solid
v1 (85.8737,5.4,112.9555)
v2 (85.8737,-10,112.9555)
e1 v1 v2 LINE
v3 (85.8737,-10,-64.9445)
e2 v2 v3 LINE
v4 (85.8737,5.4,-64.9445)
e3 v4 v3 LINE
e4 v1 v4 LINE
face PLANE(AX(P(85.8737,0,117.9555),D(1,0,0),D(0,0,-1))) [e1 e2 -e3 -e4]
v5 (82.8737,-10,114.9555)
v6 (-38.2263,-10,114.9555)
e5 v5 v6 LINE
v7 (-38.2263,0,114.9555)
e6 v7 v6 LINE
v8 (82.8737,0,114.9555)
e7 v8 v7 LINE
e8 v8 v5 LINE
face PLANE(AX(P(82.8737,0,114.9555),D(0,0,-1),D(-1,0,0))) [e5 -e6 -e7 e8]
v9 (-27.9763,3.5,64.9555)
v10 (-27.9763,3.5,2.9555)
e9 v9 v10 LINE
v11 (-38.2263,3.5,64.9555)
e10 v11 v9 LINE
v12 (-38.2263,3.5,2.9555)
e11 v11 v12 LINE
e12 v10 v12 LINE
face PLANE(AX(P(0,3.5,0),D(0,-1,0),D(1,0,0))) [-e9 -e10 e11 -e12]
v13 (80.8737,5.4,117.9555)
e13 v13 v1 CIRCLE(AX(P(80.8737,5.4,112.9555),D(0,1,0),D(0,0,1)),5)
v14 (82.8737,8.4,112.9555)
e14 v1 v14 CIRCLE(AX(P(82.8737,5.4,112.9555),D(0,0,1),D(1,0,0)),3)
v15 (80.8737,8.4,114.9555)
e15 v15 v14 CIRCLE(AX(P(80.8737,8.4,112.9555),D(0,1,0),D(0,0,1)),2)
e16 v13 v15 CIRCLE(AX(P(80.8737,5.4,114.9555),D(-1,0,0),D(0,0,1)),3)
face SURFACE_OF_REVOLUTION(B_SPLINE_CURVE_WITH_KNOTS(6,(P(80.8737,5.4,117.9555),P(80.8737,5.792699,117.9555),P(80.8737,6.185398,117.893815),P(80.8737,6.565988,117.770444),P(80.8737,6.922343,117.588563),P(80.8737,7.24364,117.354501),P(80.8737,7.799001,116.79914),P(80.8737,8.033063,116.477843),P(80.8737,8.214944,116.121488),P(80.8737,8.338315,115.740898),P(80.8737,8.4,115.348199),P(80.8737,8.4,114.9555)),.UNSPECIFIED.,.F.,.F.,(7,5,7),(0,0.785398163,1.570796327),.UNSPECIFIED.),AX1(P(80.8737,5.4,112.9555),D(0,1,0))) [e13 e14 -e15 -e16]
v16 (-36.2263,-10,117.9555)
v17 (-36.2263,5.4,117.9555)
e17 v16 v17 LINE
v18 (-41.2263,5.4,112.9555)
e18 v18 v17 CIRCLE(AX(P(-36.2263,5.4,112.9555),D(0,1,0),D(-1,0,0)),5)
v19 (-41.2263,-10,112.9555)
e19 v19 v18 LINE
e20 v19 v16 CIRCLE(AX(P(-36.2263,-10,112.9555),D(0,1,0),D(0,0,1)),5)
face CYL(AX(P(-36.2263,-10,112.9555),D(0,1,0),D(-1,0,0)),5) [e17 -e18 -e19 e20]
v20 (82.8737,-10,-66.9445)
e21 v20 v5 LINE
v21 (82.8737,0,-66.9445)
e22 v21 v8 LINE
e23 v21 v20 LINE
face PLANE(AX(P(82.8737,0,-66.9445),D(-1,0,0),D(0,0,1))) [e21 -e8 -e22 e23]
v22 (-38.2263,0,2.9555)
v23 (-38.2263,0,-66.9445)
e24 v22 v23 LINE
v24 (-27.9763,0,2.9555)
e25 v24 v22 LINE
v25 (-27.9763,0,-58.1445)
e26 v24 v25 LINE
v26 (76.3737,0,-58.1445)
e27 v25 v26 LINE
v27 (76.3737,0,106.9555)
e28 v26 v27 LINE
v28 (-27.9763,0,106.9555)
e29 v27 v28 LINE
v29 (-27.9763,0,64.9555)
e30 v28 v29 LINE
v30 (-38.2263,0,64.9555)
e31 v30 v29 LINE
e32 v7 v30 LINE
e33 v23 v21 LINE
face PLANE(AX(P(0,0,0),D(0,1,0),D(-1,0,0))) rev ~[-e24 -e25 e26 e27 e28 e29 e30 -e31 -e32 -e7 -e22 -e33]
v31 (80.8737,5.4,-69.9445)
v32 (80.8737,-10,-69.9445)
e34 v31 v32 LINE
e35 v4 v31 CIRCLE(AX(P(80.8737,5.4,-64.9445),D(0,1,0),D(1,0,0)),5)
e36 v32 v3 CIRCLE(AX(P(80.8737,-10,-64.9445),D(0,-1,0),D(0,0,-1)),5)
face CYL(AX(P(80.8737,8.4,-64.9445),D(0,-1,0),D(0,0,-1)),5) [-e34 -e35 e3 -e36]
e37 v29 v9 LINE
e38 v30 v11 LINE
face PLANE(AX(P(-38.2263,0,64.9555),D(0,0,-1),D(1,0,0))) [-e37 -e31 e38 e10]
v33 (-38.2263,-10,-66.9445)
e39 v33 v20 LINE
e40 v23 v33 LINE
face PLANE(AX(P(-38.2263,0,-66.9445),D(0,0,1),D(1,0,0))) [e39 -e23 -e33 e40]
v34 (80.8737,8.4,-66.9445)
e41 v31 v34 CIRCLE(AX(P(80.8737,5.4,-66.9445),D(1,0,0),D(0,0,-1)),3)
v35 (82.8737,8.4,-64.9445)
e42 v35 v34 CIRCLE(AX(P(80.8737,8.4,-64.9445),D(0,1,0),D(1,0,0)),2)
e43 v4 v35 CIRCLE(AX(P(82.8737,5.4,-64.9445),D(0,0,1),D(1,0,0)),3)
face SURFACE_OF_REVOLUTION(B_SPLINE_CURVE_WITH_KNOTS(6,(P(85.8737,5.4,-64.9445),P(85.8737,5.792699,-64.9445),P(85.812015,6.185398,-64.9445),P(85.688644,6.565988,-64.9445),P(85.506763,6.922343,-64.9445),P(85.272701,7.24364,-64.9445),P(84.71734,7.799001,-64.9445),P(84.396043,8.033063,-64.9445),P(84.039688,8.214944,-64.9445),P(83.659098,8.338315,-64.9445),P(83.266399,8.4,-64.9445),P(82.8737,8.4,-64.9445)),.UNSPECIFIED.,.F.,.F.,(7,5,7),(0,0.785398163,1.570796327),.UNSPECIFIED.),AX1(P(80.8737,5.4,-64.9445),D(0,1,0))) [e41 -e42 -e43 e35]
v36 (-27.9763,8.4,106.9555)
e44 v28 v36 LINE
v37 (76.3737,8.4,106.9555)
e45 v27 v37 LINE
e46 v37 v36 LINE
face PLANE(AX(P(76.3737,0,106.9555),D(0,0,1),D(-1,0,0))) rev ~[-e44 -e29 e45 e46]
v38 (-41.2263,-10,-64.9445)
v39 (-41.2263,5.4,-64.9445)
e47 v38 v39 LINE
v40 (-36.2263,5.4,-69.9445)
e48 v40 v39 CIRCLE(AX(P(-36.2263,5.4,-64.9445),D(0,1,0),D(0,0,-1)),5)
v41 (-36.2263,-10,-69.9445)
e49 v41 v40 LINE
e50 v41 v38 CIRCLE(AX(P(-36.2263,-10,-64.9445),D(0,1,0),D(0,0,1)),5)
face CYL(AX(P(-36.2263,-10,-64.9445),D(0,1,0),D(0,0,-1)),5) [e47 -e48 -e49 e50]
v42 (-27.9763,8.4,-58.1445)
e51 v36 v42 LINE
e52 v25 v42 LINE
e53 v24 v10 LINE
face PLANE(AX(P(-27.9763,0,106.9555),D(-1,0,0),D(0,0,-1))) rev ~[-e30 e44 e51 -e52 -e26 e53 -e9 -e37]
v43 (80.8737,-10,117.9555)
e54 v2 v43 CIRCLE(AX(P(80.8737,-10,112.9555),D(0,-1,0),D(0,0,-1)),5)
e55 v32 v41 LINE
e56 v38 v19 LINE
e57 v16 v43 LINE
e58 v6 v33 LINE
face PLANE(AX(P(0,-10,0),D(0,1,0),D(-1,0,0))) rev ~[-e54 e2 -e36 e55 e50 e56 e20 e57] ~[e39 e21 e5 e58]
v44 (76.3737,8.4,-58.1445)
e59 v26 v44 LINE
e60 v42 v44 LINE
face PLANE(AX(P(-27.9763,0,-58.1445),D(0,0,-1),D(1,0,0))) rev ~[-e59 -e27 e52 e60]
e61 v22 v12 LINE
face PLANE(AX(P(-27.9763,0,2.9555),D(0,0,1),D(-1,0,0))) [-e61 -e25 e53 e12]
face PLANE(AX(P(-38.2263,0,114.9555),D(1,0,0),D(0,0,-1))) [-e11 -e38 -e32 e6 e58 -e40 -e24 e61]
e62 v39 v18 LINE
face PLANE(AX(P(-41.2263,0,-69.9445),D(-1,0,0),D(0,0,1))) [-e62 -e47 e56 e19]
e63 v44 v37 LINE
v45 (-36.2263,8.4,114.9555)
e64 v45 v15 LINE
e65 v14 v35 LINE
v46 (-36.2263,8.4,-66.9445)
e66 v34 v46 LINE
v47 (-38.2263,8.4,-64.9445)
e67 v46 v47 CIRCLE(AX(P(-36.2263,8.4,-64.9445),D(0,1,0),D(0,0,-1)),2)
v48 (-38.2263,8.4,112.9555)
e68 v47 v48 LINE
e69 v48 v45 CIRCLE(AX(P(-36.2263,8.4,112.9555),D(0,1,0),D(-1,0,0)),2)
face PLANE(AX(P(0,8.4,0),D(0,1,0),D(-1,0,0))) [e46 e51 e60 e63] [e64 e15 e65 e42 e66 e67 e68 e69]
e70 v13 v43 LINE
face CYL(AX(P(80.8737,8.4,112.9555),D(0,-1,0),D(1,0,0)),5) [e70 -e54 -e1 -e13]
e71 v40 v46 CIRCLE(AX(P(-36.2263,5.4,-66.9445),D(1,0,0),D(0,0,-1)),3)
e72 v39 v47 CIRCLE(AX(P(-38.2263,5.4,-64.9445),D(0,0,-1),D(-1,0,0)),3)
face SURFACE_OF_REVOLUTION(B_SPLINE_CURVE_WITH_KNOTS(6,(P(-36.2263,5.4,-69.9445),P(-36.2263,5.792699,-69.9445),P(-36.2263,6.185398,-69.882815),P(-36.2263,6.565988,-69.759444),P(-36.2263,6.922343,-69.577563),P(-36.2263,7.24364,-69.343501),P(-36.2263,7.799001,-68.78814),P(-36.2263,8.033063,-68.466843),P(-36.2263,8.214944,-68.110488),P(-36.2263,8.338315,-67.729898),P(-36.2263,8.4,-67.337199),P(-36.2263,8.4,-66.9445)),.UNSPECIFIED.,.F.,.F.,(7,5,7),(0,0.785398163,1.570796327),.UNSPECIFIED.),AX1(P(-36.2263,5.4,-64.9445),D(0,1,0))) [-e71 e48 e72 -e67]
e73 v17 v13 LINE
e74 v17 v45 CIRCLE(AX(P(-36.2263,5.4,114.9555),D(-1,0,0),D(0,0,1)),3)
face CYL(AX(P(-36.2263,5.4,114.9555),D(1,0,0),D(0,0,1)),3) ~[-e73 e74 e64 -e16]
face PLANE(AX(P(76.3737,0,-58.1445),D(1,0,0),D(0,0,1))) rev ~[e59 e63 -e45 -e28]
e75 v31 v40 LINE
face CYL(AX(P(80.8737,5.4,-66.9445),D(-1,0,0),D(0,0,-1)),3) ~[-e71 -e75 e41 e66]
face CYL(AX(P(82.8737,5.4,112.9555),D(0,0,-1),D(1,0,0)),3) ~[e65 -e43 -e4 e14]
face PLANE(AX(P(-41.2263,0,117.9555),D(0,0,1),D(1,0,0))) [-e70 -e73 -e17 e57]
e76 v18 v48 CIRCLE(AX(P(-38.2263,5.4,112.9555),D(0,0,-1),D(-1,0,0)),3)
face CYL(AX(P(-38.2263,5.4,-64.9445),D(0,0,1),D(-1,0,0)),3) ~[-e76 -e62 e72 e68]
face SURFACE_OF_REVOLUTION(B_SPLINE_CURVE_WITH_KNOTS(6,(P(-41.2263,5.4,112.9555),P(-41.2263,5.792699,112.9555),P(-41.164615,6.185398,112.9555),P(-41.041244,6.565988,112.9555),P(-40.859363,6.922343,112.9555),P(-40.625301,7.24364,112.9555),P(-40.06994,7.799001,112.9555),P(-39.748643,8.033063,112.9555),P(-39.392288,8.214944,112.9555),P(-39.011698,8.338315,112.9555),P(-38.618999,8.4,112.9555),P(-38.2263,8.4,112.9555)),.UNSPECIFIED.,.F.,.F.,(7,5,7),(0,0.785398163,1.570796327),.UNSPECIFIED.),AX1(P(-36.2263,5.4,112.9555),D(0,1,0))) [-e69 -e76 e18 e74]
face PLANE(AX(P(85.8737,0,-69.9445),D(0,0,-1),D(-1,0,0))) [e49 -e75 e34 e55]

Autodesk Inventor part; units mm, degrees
ref_plane "YZ Plane" through (0, 0, 0) normal (1, 0, 0) x (0, 1, 0)
ref_plane "XZ Plane" through (0, 0, 0) normal (0, 1, 0) x (-1, 0, 0)
ref_plane "XY Plane" through (0, 0, 0) normal (0, 0, 1) x (1, 0, 0)
sketch "Sketch1" plane through (0, 0, 0) normal (0, 1, 0) x (-1, 0, 0)
  line L0 (-76.3737, 106.9555) -> (27.9763, 106.9555)
  line L1 (27.9763, 106.9555) -> (27.9763, -58.1445)
  line L2 (27.9763, -58.1445) -> (-76.3737, -58.1445)
  line L3 (-76.3737, -58.1445) -> (-76.3737, 106.9555)
  line L4 (-76.3737, 106.9555) -> (27.9763, -58.1445) construction
  line L5 (27.9763, 106.9555) -> (-76.3737, -58.1445) construction
  line L6 (38.2263, 114.9555) -> (38.2263, -66.9445)
  line L7 (38.2263, -66.9445) -> (-82.8737, -66.9445)
  line L8 (-82.8737, -66.9445) -> (-82.8737, 114.9555)
  line L9 (-82.8737, 114.9555) -> (38.2263, 114.9555)
  line L10 (41.2263, -69.9445) -> (41.2263, 117.9555)
  line L11 (41.2263, 117.9555) -> (-85.8737, 117.9555)
  line L12 (-85.8737, 117.9555) -> (-85.8737, -69.9445)
  line L13 (-85.8737, -69.9445) -> (41.2263, -69.9445)
  point P0 (-24.1987, 24.4055)
  dimension "d17" = 104.35
  dimension "d18" = 165.1
  dimension "d19" = 8.8
  dimension "d20" = 6.5
  dimension "d21" = 8
  dimension "d22" = 10.25
  dimension "d23" = 3
extrude "Extrusion1" add sketch "Sketch1" along normal blind 8.4 contours L6 L7 L8 L9 | L13 L12 L11 L10
extrude "Extrusion3" add sketch "Sketch1" against normal blind 10 contours L13 L12 L11 L10
fillet "Fillet3" radius 5 4 edges at (-41.2263, -0.8, 117.9555) (-41.2263, -0.8, -69.9445) (85.8737, -0.8, 117.9555) (85.8737, -0.8, -69.9445)
fillet "Fillet4" radius 3 8 edges at (22.3237, 8.4, -69.9445) (-39.7619, 8.4, -68.48) (-41.2263, 8.4, 24.0055) (-39.7619, 8.4, 116.491) (22.3237, 8.4, 117.9555) (84.4092, 8.4, 116.491) (85.8737, 8.4, 24.0055) (84.4092, 8.4, -68.48)
sketch "Sketch4" plane through (0, 0, 0) normal (0, -1, 0) x (1, 0, 0)
  line L0 (-38.2263, 112.9555) -> (-38.2263, -64.9445) projected
  line L1 (-27.9763, 106.9555) -> (-27.9763, -58.1445) projected
  line L2 (-38.2263, 64.9555) -> (-27.9763, 64.9555)
  line L3 (-27.9763, 64.9555) -> (-27.9763, 2.9555)
  line L4 (-27.9763, 2.9555) -> (-38.2263, 2.9555)
  line L5 (-38.2263, 2.9555) -> (-38.2263, 64.9555)
  line L6 (-38.2263, 114.9555) -> (82.8737, 114.9555) projected
  point P0 (0, 0)
  dimension "d28" = 50
  dimension "d29" = 62
extrude "Extrusion4" cut sketch "Sketch4" against normal blind 3.5
properties part number "top lcd mount"
